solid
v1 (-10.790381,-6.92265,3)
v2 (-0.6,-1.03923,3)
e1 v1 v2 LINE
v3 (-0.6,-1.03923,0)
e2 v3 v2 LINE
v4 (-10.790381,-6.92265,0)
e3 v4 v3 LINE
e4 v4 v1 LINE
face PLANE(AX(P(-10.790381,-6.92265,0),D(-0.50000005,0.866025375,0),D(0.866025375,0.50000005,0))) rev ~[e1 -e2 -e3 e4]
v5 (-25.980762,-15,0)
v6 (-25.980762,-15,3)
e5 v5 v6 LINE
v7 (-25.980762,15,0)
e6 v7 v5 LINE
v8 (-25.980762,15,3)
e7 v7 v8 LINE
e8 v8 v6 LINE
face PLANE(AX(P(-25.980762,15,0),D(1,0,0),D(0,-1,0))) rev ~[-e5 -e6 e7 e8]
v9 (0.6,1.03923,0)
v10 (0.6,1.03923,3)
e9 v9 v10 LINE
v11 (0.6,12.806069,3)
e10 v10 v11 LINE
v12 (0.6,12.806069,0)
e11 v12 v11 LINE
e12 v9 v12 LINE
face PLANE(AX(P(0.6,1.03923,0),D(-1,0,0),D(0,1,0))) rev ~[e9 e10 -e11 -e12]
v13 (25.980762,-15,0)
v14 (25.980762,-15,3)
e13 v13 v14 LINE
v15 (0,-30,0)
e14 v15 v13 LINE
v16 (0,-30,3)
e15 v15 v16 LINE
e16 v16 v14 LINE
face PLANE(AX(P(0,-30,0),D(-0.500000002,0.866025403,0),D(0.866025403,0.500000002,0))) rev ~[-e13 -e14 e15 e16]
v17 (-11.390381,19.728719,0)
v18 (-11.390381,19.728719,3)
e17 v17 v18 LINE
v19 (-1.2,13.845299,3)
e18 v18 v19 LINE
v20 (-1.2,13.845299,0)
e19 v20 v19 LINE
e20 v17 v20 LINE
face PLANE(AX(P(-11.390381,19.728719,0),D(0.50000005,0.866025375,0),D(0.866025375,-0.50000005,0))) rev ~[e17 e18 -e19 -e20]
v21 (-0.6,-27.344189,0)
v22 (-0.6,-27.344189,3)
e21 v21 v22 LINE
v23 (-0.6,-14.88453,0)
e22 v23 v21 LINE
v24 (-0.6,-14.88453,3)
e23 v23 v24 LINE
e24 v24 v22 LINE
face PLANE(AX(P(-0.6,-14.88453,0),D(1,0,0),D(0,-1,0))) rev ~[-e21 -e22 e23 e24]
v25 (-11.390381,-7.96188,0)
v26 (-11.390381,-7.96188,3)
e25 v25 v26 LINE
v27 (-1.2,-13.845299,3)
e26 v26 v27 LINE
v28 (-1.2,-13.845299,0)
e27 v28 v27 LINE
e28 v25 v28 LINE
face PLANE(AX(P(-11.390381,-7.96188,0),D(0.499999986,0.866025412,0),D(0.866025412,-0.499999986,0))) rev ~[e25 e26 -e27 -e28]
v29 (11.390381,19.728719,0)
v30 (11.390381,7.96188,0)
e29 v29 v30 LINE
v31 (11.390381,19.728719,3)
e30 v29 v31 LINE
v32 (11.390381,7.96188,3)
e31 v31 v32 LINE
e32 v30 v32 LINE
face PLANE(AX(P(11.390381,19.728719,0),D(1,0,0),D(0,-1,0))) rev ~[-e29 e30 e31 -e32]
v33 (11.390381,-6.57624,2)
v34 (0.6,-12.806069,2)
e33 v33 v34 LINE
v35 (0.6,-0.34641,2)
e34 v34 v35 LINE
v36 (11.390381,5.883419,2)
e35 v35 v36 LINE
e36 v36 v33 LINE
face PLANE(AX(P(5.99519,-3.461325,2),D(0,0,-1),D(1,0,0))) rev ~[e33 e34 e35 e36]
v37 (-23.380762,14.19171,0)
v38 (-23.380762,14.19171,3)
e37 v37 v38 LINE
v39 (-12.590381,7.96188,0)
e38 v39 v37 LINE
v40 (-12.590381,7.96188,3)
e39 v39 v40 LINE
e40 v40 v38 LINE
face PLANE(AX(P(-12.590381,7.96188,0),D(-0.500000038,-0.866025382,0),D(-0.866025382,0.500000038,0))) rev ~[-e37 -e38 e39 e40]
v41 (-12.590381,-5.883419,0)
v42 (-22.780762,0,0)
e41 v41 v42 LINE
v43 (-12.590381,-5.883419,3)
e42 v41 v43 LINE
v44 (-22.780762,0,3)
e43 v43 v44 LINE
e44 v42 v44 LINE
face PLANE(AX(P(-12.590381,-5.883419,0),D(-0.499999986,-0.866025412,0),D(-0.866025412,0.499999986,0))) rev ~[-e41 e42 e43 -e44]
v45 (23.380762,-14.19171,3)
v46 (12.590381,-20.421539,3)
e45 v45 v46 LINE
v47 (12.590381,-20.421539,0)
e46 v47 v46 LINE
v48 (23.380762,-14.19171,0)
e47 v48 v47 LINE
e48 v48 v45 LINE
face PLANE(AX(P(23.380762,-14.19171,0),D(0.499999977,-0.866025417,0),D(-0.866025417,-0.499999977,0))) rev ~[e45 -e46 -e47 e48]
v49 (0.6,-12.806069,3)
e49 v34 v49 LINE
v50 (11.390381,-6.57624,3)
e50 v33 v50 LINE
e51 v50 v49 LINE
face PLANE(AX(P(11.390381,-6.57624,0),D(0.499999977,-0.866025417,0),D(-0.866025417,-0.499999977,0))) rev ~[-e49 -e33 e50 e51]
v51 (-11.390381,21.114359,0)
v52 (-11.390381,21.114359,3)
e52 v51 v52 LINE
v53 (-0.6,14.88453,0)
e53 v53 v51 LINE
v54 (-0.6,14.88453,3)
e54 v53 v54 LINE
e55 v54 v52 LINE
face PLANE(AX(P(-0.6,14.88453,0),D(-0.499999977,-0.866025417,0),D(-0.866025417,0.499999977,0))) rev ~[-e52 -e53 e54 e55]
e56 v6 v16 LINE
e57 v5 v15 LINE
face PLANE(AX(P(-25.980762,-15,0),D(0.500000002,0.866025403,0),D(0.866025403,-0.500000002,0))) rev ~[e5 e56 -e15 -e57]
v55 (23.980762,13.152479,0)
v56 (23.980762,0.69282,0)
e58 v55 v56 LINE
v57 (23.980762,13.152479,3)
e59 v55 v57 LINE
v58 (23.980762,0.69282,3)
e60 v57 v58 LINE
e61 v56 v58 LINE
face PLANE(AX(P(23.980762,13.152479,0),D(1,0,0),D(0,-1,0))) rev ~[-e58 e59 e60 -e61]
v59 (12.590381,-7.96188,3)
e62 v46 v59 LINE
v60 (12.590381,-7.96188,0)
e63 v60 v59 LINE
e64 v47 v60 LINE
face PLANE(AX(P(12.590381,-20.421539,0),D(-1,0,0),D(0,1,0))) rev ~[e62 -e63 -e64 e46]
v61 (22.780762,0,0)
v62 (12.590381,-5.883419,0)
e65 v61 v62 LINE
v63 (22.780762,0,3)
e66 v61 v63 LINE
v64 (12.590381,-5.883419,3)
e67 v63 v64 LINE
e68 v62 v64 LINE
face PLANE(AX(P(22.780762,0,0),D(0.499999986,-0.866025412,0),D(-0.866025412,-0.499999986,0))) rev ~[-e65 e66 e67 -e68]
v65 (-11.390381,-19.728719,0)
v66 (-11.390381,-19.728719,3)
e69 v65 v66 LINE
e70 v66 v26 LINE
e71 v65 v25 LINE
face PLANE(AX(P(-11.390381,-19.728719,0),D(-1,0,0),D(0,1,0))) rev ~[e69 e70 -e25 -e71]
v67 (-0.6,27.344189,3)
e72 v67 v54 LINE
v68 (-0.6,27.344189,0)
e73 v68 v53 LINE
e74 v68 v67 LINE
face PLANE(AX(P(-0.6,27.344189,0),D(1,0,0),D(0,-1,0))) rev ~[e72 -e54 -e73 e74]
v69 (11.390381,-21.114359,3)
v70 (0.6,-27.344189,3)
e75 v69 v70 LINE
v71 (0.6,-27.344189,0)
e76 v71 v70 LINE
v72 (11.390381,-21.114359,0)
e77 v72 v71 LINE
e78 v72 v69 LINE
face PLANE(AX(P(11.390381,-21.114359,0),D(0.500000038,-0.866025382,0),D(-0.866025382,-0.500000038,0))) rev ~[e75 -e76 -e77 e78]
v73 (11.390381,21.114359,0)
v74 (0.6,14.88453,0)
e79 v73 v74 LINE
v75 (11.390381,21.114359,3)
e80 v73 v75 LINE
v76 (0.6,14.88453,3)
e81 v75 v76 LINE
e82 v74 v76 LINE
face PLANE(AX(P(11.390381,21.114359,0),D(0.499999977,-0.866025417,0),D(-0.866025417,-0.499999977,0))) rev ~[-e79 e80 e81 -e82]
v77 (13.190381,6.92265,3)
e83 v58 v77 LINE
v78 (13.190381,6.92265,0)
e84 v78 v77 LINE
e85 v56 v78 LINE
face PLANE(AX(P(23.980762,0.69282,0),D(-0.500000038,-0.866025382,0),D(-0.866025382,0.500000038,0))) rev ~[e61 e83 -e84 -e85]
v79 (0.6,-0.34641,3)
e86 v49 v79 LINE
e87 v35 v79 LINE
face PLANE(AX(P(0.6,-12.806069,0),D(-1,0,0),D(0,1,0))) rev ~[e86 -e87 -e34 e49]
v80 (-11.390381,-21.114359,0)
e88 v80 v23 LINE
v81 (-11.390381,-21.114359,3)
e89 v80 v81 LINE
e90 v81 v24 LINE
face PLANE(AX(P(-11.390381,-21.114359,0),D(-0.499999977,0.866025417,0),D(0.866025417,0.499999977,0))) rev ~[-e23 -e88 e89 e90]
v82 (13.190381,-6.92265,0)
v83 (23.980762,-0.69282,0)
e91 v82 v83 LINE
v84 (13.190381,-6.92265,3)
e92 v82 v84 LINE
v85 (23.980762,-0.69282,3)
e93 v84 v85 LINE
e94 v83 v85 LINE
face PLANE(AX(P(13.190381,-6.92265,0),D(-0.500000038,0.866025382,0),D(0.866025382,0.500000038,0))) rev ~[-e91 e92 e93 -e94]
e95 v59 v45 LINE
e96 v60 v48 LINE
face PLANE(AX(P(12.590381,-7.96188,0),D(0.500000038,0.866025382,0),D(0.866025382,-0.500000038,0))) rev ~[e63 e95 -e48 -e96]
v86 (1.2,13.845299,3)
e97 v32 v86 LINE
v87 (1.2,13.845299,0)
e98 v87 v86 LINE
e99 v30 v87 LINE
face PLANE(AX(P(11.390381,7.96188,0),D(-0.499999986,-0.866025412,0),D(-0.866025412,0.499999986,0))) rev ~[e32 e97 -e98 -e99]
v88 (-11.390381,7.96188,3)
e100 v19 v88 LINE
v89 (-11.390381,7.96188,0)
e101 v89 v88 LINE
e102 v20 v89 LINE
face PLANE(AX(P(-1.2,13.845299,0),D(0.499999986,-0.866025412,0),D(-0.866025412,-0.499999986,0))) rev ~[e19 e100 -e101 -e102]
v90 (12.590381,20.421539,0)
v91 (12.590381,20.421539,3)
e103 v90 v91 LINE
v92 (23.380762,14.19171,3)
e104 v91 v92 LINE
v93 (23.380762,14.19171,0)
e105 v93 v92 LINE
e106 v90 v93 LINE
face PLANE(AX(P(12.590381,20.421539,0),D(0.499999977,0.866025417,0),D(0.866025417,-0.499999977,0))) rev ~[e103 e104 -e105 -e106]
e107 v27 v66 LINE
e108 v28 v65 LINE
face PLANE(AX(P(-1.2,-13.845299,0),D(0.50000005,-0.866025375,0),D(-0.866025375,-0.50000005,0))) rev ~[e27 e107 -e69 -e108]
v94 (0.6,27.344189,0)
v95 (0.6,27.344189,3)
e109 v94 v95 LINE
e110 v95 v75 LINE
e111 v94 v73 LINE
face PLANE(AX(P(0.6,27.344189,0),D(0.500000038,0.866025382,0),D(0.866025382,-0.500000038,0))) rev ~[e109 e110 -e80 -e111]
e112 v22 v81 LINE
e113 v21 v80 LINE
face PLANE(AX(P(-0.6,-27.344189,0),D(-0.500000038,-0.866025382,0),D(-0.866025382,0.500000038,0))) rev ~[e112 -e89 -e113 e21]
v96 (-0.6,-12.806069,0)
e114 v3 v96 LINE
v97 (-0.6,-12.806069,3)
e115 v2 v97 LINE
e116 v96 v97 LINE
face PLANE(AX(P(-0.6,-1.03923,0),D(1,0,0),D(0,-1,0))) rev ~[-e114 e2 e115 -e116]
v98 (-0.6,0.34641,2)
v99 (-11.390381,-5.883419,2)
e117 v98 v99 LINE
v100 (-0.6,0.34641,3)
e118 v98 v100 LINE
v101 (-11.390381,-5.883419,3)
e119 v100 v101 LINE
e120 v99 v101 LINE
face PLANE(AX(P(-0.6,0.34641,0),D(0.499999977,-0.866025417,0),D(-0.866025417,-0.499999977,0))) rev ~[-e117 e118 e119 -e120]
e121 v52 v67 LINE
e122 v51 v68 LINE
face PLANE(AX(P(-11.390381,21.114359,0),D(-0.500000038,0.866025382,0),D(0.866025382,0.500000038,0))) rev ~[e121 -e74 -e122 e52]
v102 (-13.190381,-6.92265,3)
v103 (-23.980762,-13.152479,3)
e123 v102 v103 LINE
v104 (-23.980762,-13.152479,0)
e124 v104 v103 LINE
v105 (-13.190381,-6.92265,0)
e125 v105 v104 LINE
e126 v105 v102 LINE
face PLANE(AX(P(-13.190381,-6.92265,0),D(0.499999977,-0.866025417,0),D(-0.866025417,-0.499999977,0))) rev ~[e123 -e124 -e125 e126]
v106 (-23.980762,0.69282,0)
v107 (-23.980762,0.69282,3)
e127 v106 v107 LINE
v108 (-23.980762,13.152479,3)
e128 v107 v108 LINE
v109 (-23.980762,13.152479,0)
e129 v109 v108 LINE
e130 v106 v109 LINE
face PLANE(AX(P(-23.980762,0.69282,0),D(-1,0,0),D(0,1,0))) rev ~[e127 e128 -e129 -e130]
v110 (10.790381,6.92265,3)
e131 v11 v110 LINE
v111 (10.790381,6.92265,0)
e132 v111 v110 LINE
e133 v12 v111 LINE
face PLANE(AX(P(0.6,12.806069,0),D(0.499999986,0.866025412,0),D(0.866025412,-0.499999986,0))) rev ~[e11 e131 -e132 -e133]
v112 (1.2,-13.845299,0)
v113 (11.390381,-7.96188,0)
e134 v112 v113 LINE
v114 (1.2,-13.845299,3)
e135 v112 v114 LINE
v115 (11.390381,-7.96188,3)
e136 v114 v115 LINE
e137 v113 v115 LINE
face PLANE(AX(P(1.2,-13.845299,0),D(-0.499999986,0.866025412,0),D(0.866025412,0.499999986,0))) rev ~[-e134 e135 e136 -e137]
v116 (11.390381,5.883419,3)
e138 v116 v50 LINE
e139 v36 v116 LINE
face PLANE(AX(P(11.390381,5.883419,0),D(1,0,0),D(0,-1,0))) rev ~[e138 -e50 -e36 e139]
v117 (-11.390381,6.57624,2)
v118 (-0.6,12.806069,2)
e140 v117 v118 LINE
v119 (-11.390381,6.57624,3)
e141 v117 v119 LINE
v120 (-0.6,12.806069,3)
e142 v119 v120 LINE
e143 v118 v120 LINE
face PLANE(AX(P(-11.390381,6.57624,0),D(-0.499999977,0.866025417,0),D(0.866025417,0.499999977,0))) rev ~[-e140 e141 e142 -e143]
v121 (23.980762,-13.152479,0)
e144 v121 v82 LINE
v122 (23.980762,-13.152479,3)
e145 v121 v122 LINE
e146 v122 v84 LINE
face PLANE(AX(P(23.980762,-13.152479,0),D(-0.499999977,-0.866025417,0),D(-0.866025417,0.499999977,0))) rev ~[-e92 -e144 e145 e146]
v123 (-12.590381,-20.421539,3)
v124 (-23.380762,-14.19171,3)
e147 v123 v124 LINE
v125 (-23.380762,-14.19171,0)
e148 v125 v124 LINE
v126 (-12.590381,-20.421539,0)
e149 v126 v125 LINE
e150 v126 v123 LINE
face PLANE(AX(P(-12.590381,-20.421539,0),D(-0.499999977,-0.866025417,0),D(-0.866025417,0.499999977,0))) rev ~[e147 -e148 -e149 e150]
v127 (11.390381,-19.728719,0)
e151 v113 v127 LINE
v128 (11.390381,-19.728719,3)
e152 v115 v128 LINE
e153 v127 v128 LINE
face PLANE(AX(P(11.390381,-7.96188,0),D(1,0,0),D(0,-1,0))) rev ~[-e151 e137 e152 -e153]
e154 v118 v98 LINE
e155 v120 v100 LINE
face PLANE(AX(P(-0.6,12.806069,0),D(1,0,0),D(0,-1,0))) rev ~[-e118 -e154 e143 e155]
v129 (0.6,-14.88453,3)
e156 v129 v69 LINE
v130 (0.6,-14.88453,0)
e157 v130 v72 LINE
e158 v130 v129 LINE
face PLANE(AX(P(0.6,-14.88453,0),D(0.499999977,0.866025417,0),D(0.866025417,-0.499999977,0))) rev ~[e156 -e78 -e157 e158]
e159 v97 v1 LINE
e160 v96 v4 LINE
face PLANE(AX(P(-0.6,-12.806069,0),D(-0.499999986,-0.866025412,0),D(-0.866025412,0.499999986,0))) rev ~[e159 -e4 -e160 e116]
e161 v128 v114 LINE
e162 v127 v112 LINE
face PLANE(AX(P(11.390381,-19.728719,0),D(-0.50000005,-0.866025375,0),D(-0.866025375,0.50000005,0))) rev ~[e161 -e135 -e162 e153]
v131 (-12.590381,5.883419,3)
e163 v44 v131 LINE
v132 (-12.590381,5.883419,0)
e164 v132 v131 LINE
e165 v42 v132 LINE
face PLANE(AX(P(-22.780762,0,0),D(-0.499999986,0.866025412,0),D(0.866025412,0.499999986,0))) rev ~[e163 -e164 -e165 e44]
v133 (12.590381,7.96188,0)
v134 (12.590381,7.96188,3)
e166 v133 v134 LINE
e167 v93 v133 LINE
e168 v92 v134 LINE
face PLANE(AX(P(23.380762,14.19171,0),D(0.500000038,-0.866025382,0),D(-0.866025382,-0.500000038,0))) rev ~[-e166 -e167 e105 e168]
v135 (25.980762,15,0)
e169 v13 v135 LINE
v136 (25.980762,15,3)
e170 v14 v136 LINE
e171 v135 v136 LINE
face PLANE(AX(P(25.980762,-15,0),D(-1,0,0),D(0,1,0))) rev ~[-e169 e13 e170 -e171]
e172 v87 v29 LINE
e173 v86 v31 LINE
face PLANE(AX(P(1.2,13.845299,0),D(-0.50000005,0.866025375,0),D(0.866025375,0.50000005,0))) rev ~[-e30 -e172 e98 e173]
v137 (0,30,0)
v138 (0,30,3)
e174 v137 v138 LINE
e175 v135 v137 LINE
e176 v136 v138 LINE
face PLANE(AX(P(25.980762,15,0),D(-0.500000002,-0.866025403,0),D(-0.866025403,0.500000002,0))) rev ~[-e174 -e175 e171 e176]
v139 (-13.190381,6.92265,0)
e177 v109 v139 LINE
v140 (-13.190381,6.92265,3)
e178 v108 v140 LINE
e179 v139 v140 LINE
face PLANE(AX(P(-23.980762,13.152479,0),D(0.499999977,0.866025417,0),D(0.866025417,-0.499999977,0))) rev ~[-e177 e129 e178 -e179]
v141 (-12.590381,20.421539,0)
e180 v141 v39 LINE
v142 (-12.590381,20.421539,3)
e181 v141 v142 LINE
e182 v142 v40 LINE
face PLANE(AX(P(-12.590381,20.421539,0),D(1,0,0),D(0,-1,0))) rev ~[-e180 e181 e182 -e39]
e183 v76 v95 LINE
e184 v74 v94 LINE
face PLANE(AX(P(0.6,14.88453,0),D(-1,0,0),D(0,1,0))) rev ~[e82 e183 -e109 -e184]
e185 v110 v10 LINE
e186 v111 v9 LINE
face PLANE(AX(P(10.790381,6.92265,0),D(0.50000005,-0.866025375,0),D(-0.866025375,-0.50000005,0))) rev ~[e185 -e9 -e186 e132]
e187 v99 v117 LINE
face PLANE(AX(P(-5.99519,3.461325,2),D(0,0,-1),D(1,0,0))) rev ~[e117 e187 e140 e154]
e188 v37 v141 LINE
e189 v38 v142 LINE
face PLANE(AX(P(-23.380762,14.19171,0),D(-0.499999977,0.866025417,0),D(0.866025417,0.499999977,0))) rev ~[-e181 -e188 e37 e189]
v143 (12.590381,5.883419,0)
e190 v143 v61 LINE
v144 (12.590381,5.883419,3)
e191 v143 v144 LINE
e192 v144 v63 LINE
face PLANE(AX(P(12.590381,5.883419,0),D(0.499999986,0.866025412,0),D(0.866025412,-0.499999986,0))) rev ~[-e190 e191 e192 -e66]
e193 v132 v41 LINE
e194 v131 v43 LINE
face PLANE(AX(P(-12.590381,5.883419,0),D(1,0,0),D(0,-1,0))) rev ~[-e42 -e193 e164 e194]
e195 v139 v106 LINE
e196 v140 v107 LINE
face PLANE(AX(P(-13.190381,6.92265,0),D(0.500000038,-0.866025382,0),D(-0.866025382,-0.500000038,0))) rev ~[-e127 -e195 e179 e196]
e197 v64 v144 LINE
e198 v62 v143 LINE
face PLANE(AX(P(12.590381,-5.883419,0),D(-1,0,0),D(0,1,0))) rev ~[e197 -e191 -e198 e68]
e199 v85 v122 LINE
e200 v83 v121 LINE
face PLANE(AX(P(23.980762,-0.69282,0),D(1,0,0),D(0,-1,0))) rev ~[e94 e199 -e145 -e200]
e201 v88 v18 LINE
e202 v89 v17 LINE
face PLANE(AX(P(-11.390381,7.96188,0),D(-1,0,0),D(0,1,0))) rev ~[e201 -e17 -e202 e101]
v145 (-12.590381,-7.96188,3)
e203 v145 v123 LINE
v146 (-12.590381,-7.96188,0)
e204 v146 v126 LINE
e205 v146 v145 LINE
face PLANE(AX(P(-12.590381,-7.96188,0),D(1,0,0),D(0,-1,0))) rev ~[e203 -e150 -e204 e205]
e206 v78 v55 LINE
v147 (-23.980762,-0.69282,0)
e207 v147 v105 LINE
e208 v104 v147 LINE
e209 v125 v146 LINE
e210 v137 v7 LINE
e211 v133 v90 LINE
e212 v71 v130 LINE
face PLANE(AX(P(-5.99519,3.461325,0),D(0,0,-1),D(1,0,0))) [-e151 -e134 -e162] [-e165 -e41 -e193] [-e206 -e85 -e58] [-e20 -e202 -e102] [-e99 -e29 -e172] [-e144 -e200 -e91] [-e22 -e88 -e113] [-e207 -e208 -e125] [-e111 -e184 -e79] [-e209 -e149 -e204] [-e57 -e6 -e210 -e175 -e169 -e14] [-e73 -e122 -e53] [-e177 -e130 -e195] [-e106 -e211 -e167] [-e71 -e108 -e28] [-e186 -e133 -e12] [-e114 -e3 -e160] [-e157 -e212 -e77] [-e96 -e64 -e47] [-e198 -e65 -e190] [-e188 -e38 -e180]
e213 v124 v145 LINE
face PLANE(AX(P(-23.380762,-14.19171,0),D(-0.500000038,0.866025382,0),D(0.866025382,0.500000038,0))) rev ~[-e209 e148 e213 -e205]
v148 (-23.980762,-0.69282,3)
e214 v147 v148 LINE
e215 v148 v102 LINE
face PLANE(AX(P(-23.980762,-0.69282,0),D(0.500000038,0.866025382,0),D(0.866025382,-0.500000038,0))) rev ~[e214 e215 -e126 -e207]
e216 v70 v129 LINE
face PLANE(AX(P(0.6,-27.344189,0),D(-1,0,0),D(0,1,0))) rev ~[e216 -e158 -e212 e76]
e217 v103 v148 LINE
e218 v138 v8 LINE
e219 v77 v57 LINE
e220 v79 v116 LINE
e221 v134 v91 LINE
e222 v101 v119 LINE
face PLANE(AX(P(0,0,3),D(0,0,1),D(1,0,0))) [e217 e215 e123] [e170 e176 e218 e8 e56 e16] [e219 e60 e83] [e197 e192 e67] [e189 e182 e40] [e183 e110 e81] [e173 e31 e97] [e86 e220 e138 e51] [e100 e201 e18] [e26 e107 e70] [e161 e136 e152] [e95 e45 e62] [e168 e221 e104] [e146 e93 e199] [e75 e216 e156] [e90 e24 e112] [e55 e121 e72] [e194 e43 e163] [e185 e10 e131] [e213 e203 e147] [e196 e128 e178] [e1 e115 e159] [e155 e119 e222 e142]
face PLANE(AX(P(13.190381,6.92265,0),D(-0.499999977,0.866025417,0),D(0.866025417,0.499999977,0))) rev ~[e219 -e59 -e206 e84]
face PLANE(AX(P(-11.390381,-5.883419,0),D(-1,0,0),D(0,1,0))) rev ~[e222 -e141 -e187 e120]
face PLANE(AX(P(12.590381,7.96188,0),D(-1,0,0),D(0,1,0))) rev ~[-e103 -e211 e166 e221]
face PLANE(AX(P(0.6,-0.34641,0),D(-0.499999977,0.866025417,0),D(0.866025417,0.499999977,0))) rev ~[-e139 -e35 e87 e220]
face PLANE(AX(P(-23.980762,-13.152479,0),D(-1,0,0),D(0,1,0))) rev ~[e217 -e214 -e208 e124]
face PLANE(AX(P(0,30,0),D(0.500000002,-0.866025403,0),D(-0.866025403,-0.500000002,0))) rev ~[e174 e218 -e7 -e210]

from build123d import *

# Parameters (mm, degrees)
F1_DEPTH = 3
F3_DEPTH = 2


with BuildPart() as f1:
    # F0 (on Top) → F1 (new body)
    with BuildSketch(Plane.XY):
        Polygon((25.980762, 15), (0, 30), (-25.980762, 15), (-25.980762, -15), (0, -30), (25.980762, -15), align=None)
        Polygon((-0.6, -14.88453), (-0.6, -27.344189), (-11.390381, -21.114359), align=None, mode=Mode.SUBTRACT)
        Polygon((-12.590381, -7.96188), (-12.590381, -20.421539), (-23.380762, -14.19171), align=None, mode=Mode.SUBTRACT)
        Polygon((-13.190381, -6.92265), (-23.980762, -13.152479), (-23.980762, -0.69282), align=None, mode=Mode.SUBTRACT)
        Polygon((-12.590381, -5.883419), (-22.780762, 0), (-12.590381, 5.883419), align=None, mode=Mode.SUBTRACT)
        Polygon((-1.2, -13.845299), (-11.390381, -19.728719), (-11.390381, -7.96188), align=None, mode=Mode.SUBTRACT)
        Polygon((-0.6, -1.03923), (-0.6, -12.806069), (-10.790381, -6.92265), align=None, mode=Mode.SUBTRACT)
        Polygon((0.6, -14.88453), (11.390381, -21.114359), (0.6, -27.344189), align=None, mode=Mode.SUBTRACT)
        Polygon((11.390381, -7.96188), (11.390381, -19.728719), (1.2, -13.845299), align=None, mode=Mode.SUBTRACT)
        Polygon((0.6, -12.806069), (0.6, -0.34641), (11.390381, 5.883419), (11.390381, -6.57624), align=None, mode=Mode.SUBTRACT)
        Polygon((12.590381, -7.96188), (23.380762, -14.19171), (12.590381, -20.421539), align=None, mode=Mode.SUBTRACT)
        Polygon((13.190381, -6.92265), (23.980762, -0.69282), (23.980762, -13.152479), align=None, mode=Mode.SUBTRACT)
        Polygon((-13.190381, 6.92265), (-23.980762, 0.69282), (-23.980762, 13.152479), align=None, mode=Mode.SUBTRACT)
        Polygon((-12.590381, 7.96188), (-23.380762, 14.19171), (-12.590381, 20.421539), align=None, mode=Mode.SUBTRACT)
        Polygon((-0.6, 12.806069), (-0.6, 0.34641), (-11.390381, -5.883419), (-11.390381, 6.57624), align=None, mode=Mode.SUBTRACT)
        Polygon((-11.390381, 19.728719), (-1.2, 13.845299), (-11.390381, 7.96188), align=None, mode=Mode.SUBTRACT)
        Polygon((-0.6, 14.88453), (-11.390381, 21.114359), (-0.6, 27.344189), align=None, mode=Mode.SUBTRACT)
        Polygon((0.6, 12.806069), (10.790381, 6.92265), (0.6, 1.03923), align=None, mode=Mode.SUBTRACT)
        Polygon((11.390381, 19.728719), (11.390381, 7.96188), (1.2, 13.845299), align=None, mode=Mode.SUBTRACT)
        Polygon((12.590381, 5.883419), (22.780762, 0), (12.590381, -5.883419), align=None, mode=Mode.SUBTRACT)
        Polygon((13.190381, 6.92265), (23.980762, 13.152479), (23.980762, 0.69282), align=None, mode=Mode.SUBTRACT)
        Polygon((12.590381, 7.96188), (12.590381, 20.421539), (23.380762, 14.19171), align=None, mode=Mode.SUBTRACT)
        Polygon((0.6, 14.88453), (0.6, 27.344189), (11.390381, 21.114359), align=None, mode=Mode.SUBTRACT)
    extrude(amount=F1_DEPTH)

    # F2 (on face) → F3 (join)
    with BuildSketch(Plane(origin=(0, 0, 0), x_dir=(1, 0, 0), z_dir=(0, 0, -1))):
        Polygon((-11.390381, -6.57624), (-0.6, -12.806069), (-0.6, -0.34641), (-11.390381, 5.883419), align=None)
        Polygon((0.6, 0.34641), (11.390381, -5.883419), (11.390381, 6.57624), (0.6, 12.806069), align=None)
    extrude(amount=-F3_DEPTH)


solid = f1.part
